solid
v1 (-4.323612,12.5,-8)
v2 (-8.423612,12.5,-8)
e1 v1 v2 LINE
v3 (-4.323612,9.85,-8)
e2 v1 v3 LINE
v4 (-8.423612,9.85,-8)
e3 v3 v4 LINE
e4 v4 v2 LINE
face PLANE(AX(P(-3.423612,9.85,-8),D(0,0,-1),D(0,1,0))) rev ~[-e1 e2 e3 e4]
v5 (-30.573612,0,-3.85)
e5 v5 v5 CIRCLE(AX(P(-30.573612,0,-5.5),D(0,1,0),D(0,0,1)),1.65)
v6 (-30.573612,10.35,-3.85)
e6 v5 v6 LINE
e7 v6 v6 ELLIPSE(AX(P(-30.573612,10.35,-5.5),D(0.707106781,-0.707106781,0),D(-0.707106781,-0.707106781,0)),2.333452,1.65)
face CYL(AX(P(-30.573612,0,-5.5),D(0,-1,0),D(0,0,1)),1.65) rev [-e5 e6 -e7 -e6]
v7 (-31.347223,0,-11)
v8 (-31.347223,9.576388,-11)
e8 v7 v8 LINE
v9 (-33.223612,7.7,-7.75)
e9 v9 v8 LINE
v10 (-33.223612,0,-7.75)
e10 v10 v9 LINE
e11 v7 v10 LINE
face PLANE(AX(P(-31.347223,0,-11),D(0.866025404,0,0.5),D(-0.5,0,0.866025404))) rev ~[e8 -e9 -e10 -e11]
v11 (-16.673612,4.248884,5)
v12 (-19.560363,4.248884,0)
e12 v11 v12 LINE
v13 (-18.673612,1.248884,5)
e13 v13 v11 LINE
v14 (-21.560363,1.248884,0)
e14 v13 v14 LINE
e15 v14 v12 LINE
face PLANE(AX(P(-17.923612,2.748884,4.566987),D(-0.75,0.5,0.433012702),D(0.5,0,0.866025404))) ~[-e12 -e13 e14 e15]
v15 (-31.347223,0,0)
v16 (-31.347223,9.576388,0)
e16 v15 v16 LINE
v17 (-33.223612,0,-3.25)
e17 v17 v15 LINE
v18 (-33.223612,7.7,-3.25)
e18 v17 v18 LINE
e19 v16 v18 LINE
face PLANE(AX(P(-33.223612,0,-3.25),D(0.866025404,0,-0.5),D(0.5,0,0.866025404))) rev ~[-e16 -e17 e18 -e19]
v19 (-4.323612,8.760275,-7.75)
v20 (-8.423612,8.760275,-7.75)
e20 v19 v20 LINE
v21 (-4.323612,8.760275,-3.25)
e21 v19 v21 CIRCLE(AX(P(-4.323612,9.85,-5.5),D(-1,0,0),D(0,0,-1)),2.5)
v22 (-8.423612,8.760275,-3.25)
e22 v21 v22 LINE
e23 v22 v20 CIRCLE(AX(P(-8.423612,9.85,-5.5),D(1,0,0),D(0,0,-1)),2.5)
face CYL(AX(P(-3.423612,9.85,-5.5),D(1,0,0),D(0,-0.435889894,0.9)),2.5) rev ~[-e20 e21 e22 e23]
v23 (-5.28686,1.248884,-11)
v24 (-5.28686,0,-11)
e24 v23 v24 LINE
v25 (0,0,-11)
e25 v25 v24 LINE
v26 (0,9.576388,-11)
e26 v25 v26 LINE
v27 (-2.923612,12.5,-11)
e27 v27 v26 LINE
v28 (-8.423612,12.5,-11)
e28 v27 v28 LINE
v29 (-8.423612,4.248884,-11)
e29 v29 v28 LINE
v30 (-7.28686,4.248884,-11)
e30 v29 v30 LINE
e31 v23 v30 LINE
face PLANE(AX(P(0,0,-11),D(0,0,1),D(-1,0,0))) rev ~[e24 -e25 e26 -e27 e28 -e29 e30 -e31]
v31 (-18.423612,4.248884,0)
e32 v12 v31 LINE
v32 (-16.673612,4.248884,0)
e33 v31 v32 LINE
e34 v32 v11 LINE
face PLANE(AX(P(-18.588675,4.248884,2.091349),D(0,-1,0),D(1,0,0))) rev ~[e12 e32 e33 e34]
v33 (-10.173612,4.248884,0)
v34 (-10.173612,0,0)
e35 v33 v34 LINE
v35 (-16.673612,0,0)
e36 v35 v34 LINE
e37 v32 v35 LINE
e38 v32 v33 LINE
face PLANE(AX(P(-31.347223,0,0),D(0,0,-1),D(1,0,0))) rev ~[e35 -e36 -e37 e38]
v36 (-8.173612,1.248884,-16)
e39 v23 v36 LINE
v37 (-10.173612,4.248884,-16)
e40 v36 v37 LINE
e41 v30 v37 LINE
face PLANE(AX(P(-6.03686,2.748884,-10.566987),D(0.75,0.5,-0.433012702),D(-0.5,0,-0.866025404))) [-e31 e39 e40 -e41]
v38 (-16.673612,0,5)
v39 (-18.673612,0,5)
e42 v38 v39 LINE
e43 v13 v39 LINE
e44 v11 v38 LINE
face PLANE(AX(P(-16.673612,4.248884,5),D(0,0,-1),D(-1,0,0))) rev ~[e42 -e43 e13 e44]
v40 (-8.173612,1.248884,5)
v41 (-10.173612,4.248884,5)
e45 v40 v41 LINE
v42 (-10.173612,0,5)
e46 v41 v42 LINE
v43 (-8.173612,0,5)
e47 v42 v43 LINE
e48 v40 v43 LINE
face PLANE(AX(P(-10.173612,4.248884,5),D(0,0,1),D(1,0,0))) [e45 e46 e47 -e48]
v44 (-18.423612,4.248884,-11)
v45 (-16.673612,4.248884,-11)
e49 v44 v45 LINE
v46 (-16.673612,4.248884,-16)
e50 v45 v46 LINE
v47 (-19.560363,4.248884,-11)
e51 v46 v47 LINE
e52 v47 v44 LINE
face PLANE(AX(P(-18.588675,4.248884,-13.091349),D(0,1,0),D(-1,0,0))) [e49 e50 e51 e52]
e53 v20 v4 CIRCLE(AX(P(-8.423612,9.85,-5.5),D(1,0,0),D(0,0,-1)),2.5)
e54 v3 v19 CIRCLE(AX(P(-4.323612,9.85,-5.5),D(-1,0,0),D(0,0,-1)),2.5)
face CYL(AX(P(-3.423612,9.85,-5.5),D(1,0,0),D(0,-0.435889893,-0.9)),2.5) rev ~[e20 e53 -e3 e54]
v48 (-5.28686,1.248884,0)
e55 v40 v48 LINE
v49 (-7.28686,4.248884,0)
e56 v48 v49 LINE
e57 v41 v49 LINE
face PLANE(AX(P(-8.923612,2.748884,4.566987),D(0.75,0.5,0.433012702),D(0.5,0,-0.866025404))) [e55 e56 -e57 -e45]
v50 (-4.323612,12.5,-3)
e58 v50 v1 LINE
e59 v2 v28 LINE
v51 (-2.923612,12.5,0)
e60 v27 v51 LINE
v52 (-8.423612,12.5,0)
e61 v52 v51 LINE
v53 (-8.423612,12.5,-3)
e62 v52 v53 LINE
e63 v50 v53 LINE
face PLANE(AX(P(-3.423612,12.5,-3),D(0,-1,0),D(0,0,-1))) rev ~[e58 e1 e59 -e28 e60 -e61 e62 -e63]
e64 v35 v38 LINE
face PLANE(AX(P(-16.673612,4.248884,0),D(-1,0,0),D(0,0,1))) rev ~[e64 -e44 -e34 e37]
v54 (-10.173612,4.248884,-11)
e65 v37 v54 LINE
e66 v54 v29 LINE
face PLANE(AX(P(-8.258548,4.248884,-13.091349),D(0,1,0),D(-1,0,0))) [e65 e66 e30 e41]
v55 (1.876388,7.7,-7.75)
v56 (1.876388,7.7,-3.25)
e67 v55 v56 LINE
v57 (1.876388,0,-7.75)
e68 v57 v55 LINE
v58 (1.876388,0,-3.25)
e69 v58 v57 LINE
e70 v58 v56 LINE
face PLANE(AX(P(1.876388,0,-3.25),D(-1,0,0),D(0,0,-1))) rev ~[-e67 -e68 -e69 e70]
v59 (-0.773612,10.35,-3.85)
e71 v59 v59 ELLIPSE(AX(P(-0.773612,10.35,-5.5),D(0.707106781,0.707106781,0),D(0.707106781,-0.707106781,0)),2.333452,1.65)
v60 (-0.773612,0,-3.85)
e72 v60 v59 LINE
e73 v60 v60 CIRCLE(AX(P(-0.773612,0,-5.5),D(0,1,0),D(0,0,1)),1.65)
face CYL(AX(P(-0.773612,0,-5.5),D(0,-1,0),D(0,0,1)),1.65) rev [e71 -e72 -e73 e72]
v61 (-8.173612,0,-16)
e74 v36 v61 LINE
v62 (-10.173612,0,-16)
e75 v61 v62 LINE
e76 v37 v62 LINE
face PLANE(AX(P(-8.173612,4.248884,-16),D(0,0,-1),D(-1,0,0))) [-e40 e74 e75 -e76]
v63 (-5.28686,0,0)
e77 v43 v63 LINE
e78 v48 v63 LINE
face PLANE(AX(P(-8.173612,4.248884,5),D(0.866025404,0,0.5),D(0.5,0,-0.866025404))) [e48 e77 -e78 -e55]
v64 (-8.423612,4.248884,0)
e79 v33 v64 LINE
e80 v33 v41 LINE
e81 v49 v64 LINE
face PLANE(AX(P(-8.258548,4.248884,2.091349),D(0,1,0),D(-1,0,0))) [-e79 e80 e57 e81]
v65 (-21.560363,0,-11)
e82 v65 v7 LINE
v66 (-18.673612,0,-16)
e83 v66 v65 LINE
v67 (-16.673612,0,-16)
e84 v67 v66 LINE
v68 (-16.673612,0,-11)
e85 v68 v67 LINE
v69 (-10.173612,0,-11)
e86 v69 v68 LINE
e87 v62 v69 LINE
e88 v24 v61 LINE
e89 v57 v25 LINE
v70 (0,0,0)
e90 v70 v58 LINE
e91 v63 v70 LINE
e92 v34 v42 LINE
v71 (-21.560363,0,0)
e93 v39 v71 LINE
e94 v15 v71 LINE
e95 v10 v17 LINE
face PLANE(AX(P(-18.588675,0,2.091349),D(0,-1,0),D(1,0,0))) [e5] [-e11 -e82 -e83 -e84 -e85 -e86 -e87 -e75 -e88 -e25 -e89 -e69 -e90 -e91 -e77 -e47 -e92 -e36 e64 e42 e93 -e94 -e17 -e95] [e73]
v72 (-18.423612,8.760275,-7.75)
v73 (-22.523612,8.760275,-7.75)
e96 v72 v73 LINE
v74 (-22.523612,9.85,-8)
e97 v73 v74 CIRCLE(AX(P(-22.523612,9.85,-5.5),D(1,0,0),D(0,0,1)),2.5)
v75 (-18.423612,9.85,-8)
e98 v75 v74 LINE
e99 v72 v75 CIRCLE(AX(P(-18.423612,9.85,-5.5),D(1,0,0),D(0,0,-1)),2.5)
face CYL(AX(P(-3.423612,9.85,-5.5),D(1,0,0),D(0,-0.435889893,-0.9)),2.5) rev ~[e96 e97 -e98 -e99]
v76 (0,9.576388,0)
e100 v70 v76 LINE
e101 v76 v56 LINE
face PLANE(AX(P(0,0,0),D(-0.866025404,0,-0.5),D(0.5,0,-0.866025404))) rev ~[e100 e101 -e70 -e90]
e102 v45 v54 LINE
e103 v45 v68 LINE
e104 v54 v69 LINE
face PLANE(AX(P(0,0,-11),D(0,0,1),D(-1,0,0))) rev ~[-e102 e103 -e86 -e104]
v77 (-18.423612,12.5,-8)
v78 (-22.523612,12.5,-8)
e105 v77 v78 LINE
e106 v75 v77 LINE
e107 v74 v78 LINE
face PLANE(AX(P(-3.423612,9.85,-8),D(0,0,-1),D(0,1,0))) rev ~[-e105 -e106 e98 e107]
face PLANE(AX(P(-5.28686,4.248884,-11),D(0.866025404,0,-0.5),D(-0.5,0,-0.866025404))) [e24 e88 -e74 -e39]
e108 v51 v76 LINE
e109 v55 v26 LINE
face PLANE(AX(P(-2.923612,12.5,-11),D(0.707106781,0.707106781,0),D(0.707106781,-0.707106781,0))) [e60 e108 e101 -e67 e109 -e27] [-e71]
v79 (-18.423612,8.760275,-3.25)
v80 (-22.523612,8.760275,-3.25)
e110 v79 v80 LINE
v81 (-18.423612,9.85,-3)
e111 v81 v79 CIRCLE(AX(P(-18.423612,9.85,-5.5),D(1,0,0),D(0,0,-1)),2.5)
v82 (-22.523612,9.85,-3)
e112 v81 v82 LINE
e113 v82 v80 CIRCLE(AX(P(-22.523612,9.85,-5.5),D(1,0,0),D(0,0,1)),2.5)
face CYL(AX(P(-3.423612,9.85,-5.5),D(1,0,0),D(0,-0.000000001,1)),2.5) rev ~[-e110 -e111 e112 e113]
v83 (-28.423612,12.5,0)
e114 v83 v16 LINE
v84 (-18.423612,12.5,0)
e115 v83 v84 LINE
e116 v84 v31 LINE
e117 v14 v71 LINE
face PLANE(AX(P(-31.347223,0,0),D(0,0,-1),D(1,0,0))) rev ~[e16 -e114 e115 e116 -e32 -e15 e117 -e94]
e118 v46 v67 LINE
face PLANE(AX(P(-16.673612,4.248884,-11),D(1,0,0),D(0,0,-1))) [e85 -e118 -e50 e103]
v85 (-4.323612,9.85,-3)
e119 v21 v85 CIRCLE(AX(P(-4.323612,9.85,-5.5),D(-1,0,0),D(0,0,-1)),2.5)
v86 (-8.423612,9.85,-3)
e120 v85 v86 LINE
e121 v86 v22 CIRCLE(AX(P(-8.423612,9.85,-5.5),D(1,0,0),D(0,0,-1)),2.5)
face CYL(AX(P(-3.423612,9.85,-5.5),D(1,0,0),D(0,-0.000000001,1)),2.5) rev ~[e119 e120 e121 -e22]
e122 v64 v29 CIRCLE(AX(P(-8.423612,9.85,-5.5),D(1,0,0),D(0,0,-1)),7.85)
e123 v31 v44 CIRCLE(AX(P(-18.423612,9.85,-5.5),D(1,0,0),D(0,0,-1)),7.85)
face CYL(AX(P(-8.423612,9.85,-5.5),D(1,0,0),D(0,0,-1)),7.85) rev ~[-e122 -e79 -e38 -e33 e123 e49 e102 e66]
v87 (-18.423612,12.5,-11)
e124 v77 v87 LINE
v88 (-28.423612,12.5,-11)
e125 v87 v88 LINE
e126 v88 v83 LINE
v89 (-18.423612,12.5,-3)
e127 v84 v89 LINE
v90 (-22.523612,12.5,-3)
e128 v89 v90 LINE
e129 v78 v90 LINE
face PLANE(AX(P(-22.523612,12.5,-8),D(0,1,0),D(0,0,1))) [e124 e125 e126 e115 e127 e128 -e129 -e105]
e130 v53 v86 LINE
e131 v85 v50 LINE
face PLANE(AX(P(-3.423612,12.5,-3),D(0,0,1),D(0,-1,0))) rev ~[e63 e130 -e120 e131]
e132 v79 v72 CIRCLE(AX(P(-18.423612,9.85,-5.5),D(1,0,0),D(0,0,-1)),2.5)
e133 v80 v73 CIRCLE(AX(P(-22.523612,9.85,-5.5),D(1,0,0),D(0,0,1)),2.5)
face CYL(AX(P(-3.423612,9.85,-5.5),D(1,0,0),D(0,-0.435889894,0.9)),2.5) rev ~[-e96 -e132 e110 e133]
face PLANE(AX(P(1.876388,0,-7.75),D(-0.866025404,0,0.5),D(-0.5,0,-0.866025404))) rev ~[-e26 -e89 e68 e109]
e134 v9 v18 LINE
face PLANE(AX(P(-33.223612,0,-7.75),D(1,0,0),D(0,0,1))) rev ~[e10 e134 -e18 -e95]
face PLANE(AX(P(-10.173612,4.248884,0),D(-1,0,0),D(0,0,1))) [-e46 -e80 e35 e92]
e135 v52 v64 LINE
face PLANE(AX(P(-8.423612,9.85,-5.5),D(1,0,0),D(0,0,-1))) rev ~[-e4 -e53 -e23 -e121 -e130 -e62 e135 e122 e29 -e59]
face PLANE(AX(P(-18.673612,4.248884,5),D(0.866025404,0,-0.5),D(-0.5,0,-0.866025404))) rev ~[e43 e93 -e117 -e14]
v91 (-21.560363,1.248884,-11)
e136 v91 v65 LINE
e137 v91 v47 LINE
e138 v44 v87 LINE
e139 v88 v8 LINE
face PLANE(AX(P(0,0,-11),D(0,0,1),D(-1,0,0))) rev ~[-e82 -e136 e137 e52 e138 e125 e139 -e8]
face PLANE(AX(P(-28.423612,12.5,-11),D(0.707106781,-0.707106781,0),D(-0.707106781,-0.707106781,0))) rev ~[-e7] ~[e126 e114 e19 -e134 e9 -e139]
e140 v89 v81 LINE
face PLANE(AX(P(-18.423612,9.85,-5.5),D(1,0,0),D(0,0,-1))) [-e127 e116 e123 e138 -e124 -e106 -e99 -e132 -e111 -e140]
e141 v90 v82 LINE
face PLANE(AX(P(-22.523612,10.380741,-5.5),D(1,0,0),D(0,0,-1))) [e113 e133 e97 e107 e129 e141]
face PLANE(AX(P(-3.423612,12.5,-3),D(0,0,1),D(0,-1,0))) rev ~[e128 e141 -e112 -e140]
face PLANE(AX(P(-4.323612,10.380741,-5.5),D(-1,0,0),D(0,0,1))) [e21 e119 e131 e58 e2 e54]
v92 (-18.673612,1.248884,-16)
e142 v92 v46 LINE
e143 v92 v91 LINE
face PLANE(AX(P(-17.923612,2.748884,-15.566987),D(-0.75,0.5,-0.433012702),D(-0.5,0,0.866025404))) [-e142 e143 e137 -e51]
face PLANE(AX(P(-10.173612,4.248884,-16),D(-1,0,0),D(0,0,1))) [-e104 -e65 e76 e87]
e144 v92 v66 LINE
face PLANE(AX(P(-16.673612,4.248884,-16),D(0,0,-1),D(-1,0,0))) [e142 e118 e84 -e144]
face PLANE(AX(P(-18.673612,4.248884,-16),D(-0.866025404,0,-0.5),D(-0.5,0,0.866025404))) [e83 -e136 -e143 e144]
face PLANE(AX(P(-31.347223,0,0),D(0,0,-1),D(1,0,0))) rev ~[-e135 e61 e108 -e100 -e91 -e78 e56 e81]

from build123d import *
from OCP.BRepFilletAPI import BRepFilletAPI_MakeChamfer

# Parameters (mm, degrees)
SKIZZE1_R                       = 1.65
AUFSATZ_LINEAR_AUSTRAGEN1_DEPTH = 12.5
SCHNITT_LINEAR_START            = -10.3
SKIZZE2_R                       = 7.85
SKIZZE2_R_2                     = 2.5
SCHNITT_LINEAR_AUSTRAGEN1_DEPTH = 10
SCHNITT_LINEAR_START_2          = -5.3
SCHNITT_LINEAR_AUSTRAGEN2_DEPTH = 20
SCHNITT_LINEAR_AUSTRAGEN3_DEPTH = 4.5
SCHNITT_LINEAR_START_3          = -11
SCHNITT_LINEAR_AUSTRAGEN4_DEPTH = 11
AUFSATZ_LINEAR_START            = -4.248884
AUFSATZ_LINEAR_AUSTRAGEN2_DEPTH = 4.248884
FASE1_SIZE                      = 3
FASE1_SIZE2                     = 1.732050808
AUFSATZ_LINEAR_START_2          = 4.5
AUFSATZ_LINEAR_AUSTRAGEN3_DEPTH = 4.5
AUFSATZ_LINEAR_START_3          = 0.9
AUFSATZ_LINEAR_AUSTRAGEN4_DEPTH = 0.9
AUFSATZ_LINEAR_AUSTRAGEN5_DEPTH = 0.9


with BuildPart() as part:
    # Skizze1 → Aufsatz-Linear austragen1 (new body)
    with BuildSketch(Plane(origin=(0, 0, 0), x_dir=(1, 0, 0), z_dir=(0, 1, 0))):
        Polygon((0, 11), (-31.34722325, 11), (-33.223611625, 7.75), (-33.223611625, 3.25), (-31.34722325, 0), (0, 0), (1.876388375, 3.25), (1.876388375, 7.75), align=None)
        with Locations(Location((-0.773611625, 5.5, 0), (0, 0, 270))):
            Circle(SKIZZE1_R, mode=Mode.SUBTRACT)
        with Locations(Location((-30.573611625, 5.5, 0), (0, 0, 270))):
            Circle(SKIZZE1_R, mode=Mode.SUBTRACT)
    extrude(amount=AUFSATZ_LINEAR_AUSTRAGEN1_DEPTH)

    # Skizze2 → Schnitt-Linear austragen1 (cut)
    with BuildSketch(Plane(origin=(1.876388375, 0, 0), x_dir=(0, 0, -1), z_dir=(1, 0, 0)).offset(SCHNITT_LINEAR_START)):
        with Locations((5.5, 9.85)):
            Circle(SKIZZE2_R)
        with Locations((5.5, 9.85)):
            Circle(SKIZZE2_R_2, mode=Mode.SUBTRACT)
    extrude(amount=-SCHNITT_LINEAR_AUSTRAGEN1_DEPTH, mode=Mode.SUBTRACT)

    # Skizze3 → Schnitt-Linear austragen2 (cut)
    with BuildSketch(Plane(origin=(1.876388375, 0, 0), x_dir=(0, 0, -1), z_dir=(1, 0, 0)).offset(SCHNITT_LINEAR_START_2)):
        with BuildLine():
            Line((7.75, 12.5), (3.25, 12.5))
            Line((3.25, 12.5), (3.25, 10.939724736))
            ThreePointArc((3.25, 10.939724736), (5.5, 12.35), (7.75, 10.939724736))
            Line((7.75, 10.939724736), (7.75, 12.5))
        make_face()
        with BuildLine():
            Line((8, 12.5), (7.75, 12.5))
            Line((7.75, 12.5), (7.75, 10.939724736))
            ThreePointArc((7.75, 10.939724736), (7.936698586, 10.409016994), (8, 9.85))
            Line((8, 9.85), (8, 12.5))
        make_face()
        with BuildLine():
            Line((3.25, 12.5), (3, 12.5))
            Line((3, 12.5), (3, 9.85))
            ThreePointArc((3, 9.85), (3.063301414, 10.409016994), (3.25, 10.939724736))
            Line((3.25, 10.939724736), (3.25, 12.5))
        make_face()
        with BuildLine():
            ThreePointArc((7.75, 10.939724736), (5.5, 12.35), (3.25, 10.939724736))
            Line((3.25, 10.939724736), (3.25, 8.760275264))
            ThreePointArc((3.25, 8.760275264), (5.5, 7.35), (7.75, 8.760275264))
            Line((7.75, 8.760275264), (7.75, 10.939724736))
        make_face()
        with BuildLine():
            ThreePointArc((3.25, 10.939724736), (3.063301414, 10.409016994), (3, 9.85))
            ThreePointArc((3, 9.85), (3.063301414, 9.290983006), (3.25, 8.760275264))
            Line((3.25, 8.760275264), (3.25, 10.939724736))
        make_face()
        with BuildLine():
            ThreePointArc((8, 9.85), (7.936698586, 10.409016994), (7.75, 10.939724736))
            Line((7.75, 10.939724736), (7.75, 8.760275264))
            ThreePointArc((7.75, 8.760275264), (7.936698586, 9.290983006), (8, 9.85))
        make_face()
    extrude(amount=-SCHNITT_LINEAR_AUSTRAGEN2_DEPTH, mode=Mode.SUBTRACT)

    # Skizze4 → Schnitt-Linear austragen3 (cut)
    with BuildSketch(Plane(origin=(-23.423611625, 0, 0), x_dir=(0, 0, -1), z_dir=(1, 0, 0))):
        with BuildLine():
            Line((10.25, 12.5), (0.75, 12.5))
            Line((0.75, 12.5), (0.75, 9.85))
            ThreePointArc((0.75, 9.85), (5.5, 5.1), (10.25, 9.85))
            Line((10.25, 9.85), (10.25, 12.5))
        make_face()
    extrude(amount=-SCHNITT_LINEAR_AUSTRAGEN3_DEPTH, mode=Mode.SUBTRACT)

    # Skizze5 → Schnitt-Linear austragen4 (cut)
    with BuildSketch(Plane.XY.offset(SCHNITT_LINEAR_START_3)):
        Polygon((1.876388375, 12.5), (-2.923611625, 12.5), (1.876388375, 7.7), align=None)
        Polygon((-33.223611625, 12.5), (-28.423611625, 12.5), (-33.223611625, 7.7), align=None)
    extrude(amount=SCHNITT_LINEAR_AUSTRAGEN4_DEPTH, mode=Mode.SUBTRACT)

    # Skizze6 → Aufsatz-Linear austragen2 (add)
    with BuildSketch(Plane.XZ.offset(AUFSATZ_LINEAR_START)):
        Polygon((-16.673611625, 0), (-16.673611625, 5), (-18.673611625, 5), (-21.560362971, 0), align=None)
        Polygon((-10.173611625, 0), (-10.173611625, 5), (-8.173611625, 5), (-5.286860279, 0), align=None)
        Polygon((-18.673611625, -16), (-21.560362971, -11), (-16.673611625, -11), (-16.673611625, -16), align=None)
        Polygon((-10.173611625, -11), (-5.286860279, -11), (-8.173611625, -16), (-10.173611625, -16), align=None)
    extrude(amount=AUFSATZ_LINEAR_AUSTRAGEN2_DEPTH)

    # Fase1: one chamfer whose edges measure the first distance from different faces: ONE call of the kernel's chamfer builder (chamfer() names one face for all edges)
    fase1_edges_1 = [part.edges().sort_by_distance(p)[0] for p in [
        (-6.730235952, 4.248884, -13.5),
    ]]
    fase1_side_1 = [part.faces().sort_by_distance(p)[0] for p in [
        (-6.730235952, 2.124442, -13.5),
    ]]
    fase1_edges_2 = [part.edges().sort_by_distance(p)[0] for p in [
        (-20.116987298, 4.248884, -13.5),
    ]]
    fase1_side_2 = [part.faces().sort_by_distance(p)[0] for p in [
        (-20.116987298, 2.124442, -13.5),
    ]]
    fase1_edges_3 = [part.edges().sort_by_distance(p)[0] for p in [
        (-6.730235952, 4.248884, 2.5),
    ]]
    fase1_side_3 = [part.faces().sort_by_distance(p)[0] for p in [
        (-6.730235952, 2.124442, 2.5),
    ]]
    fase1_edges_4 = [part.edges().sort_by_distance(p)[0] for p in [
        (-20.116987298, 4.248884, 2.5),
    ]]
    fase1_side_4 = [part.faces().sort_by_distance(p)[0] for p in [
        (-20.116987298, 2.124442, 2.5),
    ]]
    fase1 = BRepFilletAPI_MakeChamfer(part.part.solid().wrapped)
    for e in fase1_edges_1:
        fase1.Add(FASE1_SIZE, FASE1_SIZE2, e.wrapped, fase1_side_1[0].wrapped)  # the first distance lies on this face
    for e in fase1_edges_2:
        fase1.Add(FASE1_SIZE, FASE1_SIZE2, e.wrapped, fase1_side_2[0].wrapped)  # the first distance lies on this face
    for e in fase1_edges_3:
        fase1.Add(FASE1_SIZE, FASE1_SIZE2, e.wrapped, fase1_side_3[0].wrapped)  # the first distance lies on this face
    for e in fase1_edges_4:
        fase1.Add(FASE1_SIZE, FASE1_SIZE2, e.wrapped, fase1_side_4[0].wrapped)  # the first distance lies on this face
    add(Compound.cast(fase1.Shape()), mode=Mode.REPLACE)

    # Skizze7 → Aufsatz-Linear austragen3 (add)
    with BuildSketch(Plane(origin=(-27.923611625, 0, 0), x_dir=(0, 0, -1), z_dir=(1, 0, 0)).offset(AUFSATZ_LINEAR_START_2)):
        with BuildLine():
            Line((10.25, 12.5), (0.75, 12.5))
            Line((0.75, 12.5), (0.75, 9.85))
            ThreePointArc((0.75, 9.85), (5.5, 5.1), (10.25, 9.85))
            Line((10.25, 9.85), (10.25, 12.5))
        make_face()
    extrude(amount=-AUFSATZ_LINEAR_AUSTRAGEN3_DEPTH)

    # Skizze8 → Aufsatz-Linear austragen4 (add)
    with BuildSketch(Plane(origin=(-23.423611625, 0, 0), x_dir=(0, 0, -1), z_dir=(1, 0, 0)).offset(AUFSATZ_LINEAR_START_3)):
        with BuildLine():
            Line((8, 12.5), (3, 12.5))
            Line((3, 12.5), (3, 9.85))
            ThreePointArc((3, 9.85), (5.5, 7.35), (8, 9.85))
            Line((8, 9.85), (8, 12.5))
        make_face()
    extrude(amount=-AUFSATZ_LINEAR_AUSTRAGEN4_DEPTH)

    # Skizze9 → Aufsatz-Linear austragen5 (add)
    with BuildSketch(Plane.ZY.offset(3.423611625)):
        with BuildLine():
            Line((-3, 9.85), (-3, 12.5))
            Line((-3, 12.5), (-8, 12.5))
            Line((-8, 12.5), (-8, 9.85))
            ThreePointArc((-8, 9.85), (-5.5, 7.35), (-3, 9.85))
        make_face()
    extrude(amount=AUFSATZ_LINEAR_AUSTRAGEN5_DEPTH)


solid = part.part
